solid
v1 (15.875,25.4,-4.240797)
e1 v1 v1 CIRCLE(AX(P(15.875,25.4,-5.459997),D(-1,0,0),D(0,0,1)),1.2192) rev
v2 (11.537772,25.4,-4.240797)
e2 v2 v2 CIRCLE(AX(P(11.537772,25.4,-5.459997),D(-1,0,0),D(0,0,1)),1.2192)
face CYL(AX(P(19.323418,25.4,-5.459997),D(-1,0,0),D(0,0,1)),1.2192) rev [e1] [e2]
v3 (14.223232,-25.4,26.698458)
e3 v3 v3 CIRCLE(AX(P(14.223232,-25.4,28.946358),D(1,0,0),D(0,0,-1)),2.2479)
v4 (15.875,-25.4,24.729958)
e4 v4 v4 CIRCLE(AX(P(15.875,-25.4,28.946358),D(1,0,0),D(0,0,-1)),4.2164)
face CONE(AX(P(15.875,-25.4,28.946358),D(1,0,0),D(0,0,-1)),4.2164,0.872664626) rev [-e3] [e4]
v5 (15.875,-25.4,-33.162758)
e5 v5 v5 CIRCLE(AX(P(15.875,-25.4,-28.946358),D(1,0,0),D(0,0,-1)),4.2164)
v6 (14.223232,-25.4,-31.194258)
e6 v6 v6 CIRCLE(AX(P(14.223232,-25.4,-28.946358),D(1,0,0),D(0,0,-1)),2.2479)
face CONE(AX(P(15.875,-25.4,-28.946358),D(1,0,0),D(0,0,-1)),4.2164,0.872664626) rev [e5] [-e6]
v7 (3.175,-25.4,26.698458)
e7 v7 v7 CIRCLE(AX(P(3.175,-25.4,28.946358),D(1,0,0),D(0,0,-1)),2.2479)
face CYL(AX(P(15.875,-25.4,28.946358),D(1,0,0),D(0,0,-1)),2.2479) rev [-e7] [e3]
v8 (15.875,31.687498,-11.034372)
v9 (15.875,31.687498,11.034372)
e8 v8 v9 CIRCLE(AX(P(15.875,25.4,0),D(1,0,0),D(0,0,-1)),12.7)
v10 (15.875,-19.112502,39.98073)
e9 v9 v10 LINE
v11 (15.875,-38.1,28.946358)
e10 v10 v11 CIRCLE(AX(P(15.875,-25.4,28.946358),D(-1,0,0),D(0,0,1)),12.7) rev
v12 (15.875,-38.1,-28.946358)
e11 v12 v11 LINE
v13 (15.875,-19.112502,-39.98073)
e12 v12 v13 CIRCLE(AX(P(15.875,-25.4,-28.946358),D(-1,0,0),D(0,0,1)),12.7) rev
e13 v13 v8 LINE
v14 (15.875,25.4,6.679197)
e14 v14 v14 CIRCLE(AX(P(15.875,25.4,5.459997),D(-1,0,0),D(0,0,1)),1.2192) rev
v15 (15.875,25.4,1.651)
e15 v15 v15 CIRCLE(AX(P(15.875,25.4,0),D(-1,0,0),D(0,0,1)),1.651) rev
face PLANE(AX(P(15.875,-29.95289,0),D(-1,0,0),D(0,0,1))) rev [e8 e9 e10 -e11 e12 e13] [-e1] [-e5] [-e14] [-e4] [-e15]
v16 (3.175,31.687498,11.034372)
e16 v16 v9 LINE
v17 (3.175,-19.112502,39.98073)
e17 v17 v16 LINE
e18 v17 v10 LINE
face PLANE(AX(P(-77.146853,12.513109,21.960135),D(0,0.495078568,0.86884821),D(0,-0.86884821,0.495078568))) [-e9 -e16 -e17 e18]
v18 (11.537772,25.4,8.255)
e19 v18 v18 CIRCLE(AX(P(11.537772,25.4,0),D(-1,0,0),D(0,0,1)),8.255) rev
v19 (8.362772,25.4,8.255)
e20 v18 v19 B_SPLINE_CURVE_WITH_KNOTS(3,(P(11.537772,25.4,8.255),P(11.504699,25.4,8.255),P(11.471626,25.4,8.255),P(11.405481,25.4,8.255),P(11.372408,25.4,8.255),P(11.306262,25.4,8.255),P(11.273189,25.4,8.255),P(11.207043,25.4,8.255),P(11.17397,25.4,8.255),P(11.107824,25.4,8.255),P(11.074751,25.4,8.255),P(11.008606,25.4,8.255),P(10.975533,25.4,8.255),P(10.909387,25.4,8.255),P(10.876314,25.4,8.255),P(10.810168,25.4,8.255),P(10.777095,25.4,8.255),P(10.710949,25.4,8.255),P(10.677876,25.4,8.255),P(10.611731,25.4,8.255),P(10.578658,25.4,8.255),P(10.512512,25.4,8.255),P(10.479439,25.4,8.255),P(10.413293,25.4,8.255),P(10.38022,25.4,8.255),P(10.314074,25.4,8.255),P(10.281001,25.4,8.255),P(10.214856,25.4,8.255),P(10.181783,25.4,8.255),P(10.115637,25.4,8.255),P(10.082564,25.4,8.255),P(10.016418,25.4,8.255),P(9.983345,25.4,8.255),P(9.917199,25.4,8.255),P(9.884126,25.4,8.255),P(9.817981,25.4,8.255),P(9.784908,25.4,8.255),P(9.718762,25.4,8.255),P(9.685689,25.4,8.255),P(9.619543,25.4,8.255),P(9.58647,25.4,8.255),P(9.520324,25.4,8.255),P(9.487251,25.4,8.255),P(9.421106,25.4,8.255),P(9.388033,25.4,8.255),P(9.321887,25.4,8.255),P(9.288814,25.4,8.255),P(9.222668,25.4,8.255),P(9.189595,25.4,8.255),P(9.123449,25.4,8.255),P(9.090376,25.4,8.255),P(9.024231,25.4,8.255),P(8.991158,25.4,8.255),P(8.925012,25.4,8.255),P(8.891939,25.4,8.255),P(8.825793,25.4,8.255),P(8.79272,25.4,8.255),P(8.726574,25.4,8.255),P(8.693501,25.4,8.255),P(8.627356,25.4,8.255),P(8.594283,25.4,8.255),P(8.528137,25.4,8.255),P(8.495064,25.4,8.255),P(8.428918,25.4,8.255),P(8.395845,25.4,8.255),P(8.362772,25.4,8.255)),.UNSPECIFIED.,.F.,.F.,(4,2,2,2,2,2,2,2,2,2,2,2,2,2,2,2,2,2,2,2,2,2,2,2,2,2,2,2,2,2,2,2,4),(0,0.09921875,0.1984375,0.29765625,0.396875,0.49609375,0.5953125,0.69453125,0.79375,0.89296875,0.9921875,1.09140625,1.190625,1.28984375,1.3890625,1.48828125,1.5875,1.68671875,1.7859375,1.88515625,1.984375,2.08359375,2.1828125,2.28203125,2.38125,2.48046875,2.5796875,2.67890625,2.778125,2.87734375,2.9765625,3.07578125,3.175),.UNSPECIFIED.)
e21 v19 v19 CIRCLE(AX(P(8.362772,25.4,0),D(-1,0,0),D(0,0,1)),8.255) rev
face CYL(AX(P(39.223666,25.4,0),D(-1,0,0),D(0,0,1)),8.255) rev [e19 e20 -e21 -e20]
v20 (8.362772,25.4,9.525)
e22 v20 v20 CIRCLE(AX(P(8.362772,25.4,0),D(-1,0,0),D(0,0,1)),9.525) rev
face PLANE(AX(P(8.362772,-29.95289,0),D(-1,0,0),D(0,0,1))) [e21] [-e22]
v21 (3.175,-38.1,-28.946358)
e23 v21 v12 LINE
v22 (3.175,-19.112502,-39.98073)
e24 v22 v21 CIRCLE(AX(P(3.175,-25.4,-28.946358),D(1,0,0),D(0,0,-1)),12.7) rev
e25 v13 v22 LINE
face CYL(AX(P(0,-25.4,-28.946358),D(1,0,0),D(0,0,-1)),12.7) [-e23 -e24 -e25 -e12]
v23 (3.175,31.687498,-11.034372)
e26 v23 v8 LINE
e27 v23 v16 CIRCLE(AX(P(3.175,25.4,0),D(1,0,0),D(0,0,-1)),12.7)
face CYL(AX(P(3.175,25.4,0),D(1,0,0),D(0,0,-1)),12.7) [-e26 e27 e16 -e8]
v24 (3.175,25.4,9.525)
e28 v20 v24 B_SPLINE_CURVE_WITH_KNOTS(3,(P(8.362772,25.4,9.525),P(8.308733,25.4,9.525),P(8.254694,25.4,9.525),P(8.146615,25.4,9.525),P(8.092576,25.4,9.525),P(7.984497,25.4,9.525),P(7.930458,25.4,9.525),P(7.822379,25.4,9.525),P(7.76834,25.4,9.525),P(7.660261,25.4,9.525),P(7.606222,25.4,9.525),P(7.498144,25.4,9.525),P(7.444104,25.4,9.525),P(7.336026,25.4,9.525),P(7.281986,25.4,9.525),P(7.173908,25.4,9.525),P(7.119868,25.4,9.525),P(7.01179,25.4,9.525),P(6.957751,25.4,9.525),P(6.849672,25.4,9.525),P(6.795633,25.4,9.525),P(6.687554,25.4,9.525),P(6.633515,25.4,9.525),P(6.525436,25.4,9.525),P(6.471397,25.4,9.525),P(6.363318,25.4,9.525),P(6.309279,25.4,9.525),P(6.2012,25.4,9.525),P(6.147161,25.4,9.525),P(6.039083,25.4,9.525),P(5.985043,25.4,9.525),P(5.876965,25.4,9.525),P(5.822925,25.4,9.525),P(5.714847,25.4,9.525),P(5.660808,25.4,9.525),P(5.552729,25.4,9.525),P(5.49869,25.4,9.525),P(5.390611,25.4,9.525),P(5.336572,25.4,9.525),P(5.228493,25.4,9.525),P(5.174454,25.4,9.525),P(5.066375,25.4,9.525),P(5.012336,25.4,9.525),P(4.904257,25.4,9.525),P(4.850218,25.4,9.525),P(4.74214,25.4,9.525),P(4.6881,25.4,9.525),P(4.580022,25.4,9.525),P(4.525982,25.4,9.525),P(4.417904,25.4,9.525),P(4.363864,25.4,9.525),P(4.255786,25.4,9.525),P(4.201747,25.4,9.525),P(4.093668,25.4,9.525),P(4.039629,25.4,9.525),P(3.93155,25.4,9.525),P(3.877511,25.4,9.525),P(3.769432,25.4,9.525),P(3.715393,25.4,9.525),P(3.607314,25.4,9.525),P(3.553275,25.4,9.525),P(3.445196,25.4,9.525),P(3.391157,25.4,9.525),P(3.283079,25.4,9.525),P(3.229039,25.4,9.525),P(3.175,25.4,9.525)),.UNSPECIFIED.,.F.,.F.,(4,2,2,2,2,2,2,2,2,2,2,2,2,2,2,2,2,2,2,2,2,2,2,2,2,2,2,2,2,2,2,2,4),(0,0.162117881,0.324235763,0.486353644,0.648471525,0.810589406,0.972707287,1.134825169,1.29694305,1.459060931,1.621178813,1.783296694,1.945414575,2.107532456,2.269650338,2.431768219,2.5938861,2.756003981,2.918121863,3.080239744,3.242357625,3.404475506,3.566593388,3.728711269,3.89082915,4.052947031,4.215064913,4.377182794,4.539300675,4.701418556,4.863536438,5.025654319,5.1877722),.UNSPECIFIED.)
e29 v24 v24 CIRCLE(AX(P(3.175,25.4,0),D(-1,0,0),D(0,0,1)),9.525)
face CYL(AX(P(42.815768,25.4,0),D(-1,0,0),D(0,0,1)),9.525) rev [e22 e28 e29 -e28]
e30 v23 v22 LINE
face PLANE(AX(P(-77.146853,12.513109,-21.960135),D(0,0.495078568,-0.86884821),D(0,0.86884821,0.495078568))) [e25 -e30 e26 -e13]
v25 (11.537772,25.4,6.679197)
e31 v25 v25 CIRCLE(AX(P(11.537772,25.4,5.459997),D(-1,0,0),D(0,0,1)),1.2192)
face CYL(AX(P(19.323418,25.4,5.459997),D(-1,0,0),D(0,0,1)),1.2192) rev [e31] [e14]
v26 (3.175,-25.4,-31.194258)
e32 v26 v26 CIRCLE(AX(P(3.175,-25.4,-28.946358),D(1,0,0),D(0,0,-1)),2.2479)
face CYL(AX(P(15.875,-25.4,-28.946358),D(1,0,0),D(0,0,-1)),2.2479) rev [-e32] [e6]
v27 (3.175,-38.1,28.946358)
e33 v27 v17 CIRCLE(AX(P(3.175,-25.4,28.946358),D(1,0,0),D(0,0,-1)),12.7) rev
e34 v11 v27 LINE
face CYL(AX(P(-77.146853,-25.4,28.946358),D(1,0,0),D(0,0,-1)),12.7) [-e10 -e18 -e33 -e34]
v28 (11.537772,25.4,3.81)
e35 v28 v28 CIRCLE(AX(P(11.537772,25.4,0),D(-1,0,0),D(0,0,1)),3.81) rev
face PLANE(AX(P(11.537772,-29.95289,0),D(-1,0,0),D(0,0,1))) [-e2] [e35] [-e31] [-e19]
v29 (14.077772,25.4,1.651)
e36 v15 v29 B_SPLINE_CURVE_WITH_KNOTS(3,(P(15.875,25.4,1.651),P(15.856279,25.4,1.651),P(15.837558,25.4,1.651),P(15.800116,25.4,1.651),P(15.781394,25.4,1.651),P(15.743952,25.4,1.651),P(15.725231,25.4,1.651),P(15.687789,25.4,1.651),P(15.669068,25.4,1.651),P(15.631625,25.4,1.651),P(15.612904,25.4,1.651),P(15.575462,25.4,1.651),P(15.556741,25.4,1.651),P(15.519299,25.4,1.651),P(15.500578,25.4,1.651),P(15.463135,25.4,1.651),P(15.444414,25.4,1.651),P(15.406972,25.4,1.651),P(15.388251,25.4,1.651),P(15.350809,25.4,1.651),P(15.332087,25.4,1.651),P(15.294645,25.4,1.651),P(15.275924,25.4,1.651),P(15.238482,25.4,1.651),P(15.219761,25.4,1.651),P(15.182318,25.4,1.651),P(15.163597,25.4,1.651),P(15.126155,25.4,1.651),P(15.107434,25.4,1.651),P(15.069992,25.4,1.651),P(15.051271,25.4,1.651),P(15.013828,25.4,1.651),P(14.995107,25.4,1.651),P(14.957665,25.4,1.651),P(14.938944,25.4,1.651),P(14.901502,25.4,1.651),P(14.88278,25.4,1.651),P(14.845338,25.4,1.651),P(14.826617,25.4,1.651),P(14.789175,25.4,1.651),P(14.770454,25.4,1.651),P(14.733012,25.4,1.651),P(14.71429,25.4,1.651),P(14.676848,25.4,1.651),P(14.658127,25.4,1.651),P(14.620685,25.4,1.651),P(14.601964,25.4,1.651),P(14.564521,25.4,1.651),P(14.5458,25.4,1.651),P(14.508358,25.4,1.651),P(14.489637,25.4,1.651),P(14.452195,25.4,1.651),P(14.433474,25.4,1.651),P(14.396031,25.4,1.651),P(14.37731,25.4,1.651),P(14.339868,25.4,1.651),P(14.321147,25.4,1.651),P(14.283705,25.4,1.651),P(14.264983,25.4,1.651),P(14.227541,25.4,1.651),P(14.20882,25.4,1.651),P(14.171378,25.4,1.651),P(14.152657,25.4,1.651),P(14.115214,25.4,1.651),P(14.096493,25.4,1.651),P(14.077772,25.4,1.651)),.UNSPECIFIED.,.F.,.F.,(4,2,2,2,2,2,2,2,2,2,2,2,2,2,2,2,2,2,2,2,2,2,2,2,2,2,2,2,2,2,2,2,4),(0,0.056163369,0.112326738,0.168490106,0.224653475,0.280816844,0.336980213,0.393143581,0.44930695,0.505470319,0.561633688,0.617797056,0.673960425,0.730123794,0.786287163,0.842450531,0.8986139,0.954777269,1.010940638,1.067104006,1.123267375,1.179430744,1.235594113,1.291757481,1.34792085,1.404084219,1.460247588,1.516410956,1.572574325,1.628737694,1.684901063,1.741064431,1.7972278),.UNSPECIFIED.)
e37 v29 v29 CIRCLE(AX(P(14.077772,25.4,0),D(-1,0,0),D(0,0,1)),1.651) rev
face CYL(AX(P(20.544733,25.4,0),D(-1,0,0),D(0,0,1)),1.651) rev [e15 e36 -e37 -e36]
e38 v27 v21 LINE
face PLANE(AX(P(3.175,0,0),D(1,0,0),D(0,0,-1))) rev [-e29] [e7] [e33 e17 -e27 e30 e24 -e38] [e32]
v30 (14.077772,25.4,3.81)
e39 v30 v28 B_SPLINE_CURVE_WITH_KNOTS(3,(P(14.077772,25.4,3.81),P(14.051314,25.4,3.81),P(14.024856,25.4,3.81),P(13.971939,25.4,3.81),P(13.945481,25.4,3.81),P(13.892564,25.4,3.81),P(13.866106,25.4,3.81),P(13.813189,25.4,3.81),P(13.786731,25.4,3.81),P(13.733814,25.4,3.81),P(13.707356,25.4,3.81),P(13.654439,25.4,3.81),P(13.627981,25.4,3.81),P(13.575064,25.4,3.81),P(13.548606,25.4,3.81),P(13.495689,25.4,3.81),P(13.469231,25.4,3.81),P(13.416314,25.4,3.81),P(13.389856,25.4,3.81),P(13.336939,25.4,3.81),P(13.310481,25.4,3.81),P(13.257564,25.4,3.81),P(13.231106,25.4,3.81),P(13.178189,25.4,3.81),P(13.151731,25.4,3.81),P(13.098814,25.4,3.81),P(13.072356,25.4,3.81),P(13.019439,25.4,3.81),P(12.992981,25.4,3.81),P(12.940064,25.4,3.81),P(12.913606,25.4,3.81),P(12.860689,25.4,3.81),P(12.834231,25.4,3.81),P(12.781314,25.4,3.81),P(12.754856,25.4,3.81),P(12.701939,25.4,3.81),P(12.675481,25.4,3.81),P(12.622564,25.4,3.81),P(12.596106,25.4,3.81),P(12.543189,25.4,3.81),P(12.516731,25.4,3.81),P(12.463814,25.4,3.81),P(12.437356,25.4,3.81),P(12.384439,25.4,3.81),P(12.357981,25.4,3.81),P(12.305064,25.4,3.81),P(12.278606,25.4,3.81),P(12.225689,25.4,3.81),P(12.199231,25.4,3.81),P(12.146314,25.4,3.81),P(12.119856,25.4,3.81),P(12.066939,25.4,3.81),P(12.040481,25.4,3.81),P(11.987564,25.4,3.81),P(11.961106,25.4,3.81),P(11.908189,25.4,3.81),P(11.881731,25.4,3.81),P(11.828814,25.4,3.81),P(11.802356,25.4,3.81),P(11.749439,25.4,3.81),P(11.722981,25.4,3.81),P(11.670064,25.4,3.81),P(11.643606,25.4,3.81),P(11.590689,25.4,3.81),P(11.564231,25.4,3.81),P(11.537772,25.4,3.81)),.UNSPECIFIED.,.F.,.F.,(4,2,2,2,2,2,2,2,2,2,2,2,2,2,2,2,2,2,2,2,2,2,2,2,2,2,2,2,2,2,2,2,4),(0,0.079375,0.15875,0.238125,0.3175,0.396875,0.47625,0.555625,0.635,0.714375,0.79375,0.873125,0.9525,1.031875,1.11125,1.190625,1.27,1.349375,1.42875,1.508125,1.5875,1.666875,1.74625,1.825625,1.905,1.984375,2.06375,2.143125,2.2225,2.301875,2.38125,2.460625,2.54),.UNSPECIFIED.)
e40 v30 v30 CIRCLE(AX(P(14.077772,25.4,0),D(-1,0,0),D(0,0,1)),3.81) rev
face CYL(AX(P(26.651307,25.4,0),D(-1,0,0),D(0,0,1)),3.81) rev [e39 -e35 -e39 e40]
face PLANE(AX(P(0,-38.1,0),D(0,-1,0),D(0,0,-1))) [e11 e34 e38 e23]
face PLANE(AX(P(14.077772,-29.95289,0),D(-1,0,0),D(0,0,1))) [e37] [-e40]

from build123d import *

# Parameters (mm, degrees)
SKETCH1_R                                         = 12.7
BOSS_EXTRUDE1_DEPTH                               = 12.7
SKETCH2_R                                         = 1.6256
CUT_EXTRUDE1_DEPTH                                = 9.525
BOSS_EXTRUDE6_START                               = -12.7
BOSS_EXTRUDE6_DEPTH                               = 12.7
SKETCH15_R                                        = 12.7
BOSS_EXTRUDE8_DEPTH                               = 12.7
SKETCH17_R                                        = 1.651
CUT_EXTRUDE4_DEPTH                                = 12.7
SKETCH18_R                                        = 3.81
CUT_EXTRUDE5_DEPTH                                = 10.9027722
SKETCH19_R                                        = 8.255
CUT_EXTRUDE6_DEPTH                                = 8.3627722
SKETCH20_R                                        = 9.525
CUT_EXTRUDE7_DEPTH                                = 5.1877722
SKETCH21_R                                        = 1.2192
CUT_EXTRUDE8_DEPTH                                = 4.3372278
SKETCH22_W                                        = 15.875
SKETCH22_H                                        = 25.4
CUT_EXTRUDE9_DEPTH                                = 33.534068682
SKETCH23_W                                        = 12.7
SKETCH23_H                                        = 25.4
BOSS_EXTRUDE9_DEPTH                               = 38.1
BOSS_EXTRUDE13_DEPTH                              = 12.7
FILLET1_R                                         = 12.7
CSK_FOR_8_FLAT_HEAD_MACHINE_SCREW_100_D           = 4.4958
CSK_FOR_8_FLAT_HEAD_MACHINE_SCREW_100_CSINK_D     = 8.4328
CSK_FOR_8_FLAT_HEAD_MACHINE_SCREW_100_CSINK_ANGLE = 100


with BuildPart() as part:
    # Sketch1 → Boss-Extrude1 (new body)
    with BuildSketch(Plane(origin=(0, 0, 0), x_dir=(1, 0, 0), z_dir=(0, 1, 0))):
        with Locations(Location((0, 0, 0), (0, 0, 270))):
            Circle(SKETCH1_R)
    extrude(amount=BOSS_EXTRUDE1_DEPTH)

    # Sketch2 → Cut-Extrude1 (cut)
    with BuildSketch(Plane.XZ):
        with Locations(Location((0, 0, 0), (0, 0, 270))):
            Circle(SKETCH2_R)
    extrude(amount=-CUT_EXTRUDE1_DEPTH, mode=Mode.SUBTRACT)

    # Sketch14 → Boss-Extrude6 (add)
    with BuildSketch(Plane(origin=(0, 12.7, 0), x_dir=(1, 0, 0), z_dir=(0, 1, 0)).offset(BOSS_EXTRUDE6_START)):
        with BuildLine():
            Line((15.875, 12.7), (0, 12.7))
            ThreePointArc((0, 12.7), (8.980256121, 8.980256121), (12.7, 0))
            ThreePointArc((12.7, 0), (8.980256121, -8.980256121), (0, -12.7))
            Line((0, -12.7), (15.875, -12.7))
            Line((15.875, -12.7), (15.875, 12.7))
        make_face()
    extrude(amount=BOSS_EXTRUDE6_DEPTH)

    # Sketch15 → Boss-Extrude8 (add)
    with BuildSketch(Plane(origin=(15.875, 0, 0), x_dir=(0, 0, -1), z_dir=(1, 0, 0))):
        with Locations((0, 25.4)):
            Circle(SKETCH15_R)
        with BuildLine():
            ThreePointArc((0, 12.7), (-8.980256121, 16.419743879), (-12.7, 25.4))
            Line((-12.7, 25.4), (-12.7, 12.7))
            Line((-12.7, 12.7), (0, 12.7))
        make_face()
        with BuildLine():
            Line((12.7, 12.7), (12.7, 25.4))
            ThreePointArc((12.7, 25.4), (8.980256121, 16.419743879), (0, 12.7))
            Line((0, 12.7), (12.7, 12.7))
        make_face()
    extrude(amount=-BOSS_EXTRUDE8_DEPTH)

    # Sketch17 → Cut-Extrude4 (cut)
    with BuildSketch(Plane.ZY.offset(-3.175)):
        with Locations((0, 25.4)):
            Circle(SKETCH17_R)
    extrude(amount=-CUT_EXTRUDE4_DEPTH, mode=Mode.SUBTRACT)

    # Sketch18 → Cut-Extrude5 (cut)
    with BuildSketch(Plane.ZY.offset(-3.175)):
        with Locations((0, 25.4)):
            Circle(SKETCH18_R)
    extrude(amount=-CUT_EXTRUDE5_DEPTH, mode=Mode.SUBTRACT)

    # Sketch19 → Cut-Extrude6 (cut)
    with BuildSketch(Plane.ZY.offset(-3.175)):
        with Locations((0, 25.4)):
            Circle(SKETCH19_R)
    extrude(amount=-CUT_EXTRUDE6_DEPTH, mode=Mode.SUBTRACT)

    # Sketch20 → Cut-Extrude7 (cut)
    with BuildSketch(Plane.ZY.offset(-3.175)):
        with Locations((0, 25.4)):
            Circle(SKETCH20_R)
    extrude(amount=-CUT_EXTRUDE7_DEPTH, mode=Mode.SUBTRACT)

    # Sketch21 → Cut-Extrude8 (cut)
    with BuildSketch(Plane.ZY.offset(-11.5377722)):
        with Locations((5.4599967, 25.4)):
            Circle(SKETCH21_R)
        with Locations((-5.4599967, 25.4)):
            Circle(SKETCH21_R)
    extrude(amount=-CUT_EXTRUDE8_DEPTH, mode=Mode.SUBTRACT)

    # Sketch22 → Cut-Extrude9 (cut, through all)
    with BuildSketch(Plane(origin=(0, 12.7, 0), x_dir=(1, 0, 0), z_dir=(0, 1, 0))):
        with Locations((-4.7625, 0)):
            Rectangle(SKETCH22_W, SKETCH22_H)
    extrude(amount=-CUT_EXTRUDE9_DEPTH, mode=Mode.SUBTRACT)

    # Sketch23 → Boss-Extrude9 (add)
    with BuildSketch(Plane.XZ):
        with Locations((9.525, 0)):
            Rectangle(SKETCH23_W, SKETCH23_H)
    extrude(amount=BOSS_EXTRUDE9_DEPTH)

    # Sketch28 → Boss-Extrude13 (add)
    with BuildSketch(Plane(origin=(15.875, 0, 0), x_dir=(0, 0, -1), z_dir=(1, 0, 0))):
        with BuildLine():
            ThreePointArc((-12.7, 25.4), (-12.276533056, 28.652189435), (-11.034372264, 31.687497812))
            Line((-11.034372264, 31.687497812), (-50.8, -38.1))
            Line((-50.8, -38.1), (-12.7, -38.1))
            Line((-12.7, -38.1), (-12.7, 25.4))
        make_face()
        with BuildLine():
            Line((50.8, -38.1), (11.034372264, 31.687497812))
            ThreePointArc((11.034372264, 31.687497812), (12.276533056, 28.652189435), (12.7, 25.4))
            Line((12.7, 25.4), (12.7, -38.1))
            Line((12.7, -38.1), (50.8, -38.1))
        make_face()
    extrude(amount=-BOSS_EXTRUDE13_DEPTH)

    # Fillet1
    fillet1_edges = [part.edges().sort_by_distance(p)[0] for p in [
        (9.525, -38.1, 50.8),
        (9.525, -38.1, -50.8),
    ]]
    fillet(fillet1_edges, radius=FILLET1_R)

    # CSK for #8 Flat Head Machine Screw (100)1 (through all)
    with Locations(Plane(origin=(15.875, 0, 0), x_dir=(0, 0, -1), z_dir=(1, 0, 0))):
        with Locations((28.946357905, -25.4), (-28.946357905, -25.4)):
            CounterSinkHole(CSK_FOR_8_FLAT_HEAD_MACHINE_SCREW_100_D / 2, CSK_FOR_8_FLAT_HEAD_MACHINE_SCREW_100_CSINK_D / 2, counter_sink_angle=CSK_FOR_8_FLAT_HEAD_MACHINE_SCREW_100_CSINK_ANGLE)


solid = part.part
